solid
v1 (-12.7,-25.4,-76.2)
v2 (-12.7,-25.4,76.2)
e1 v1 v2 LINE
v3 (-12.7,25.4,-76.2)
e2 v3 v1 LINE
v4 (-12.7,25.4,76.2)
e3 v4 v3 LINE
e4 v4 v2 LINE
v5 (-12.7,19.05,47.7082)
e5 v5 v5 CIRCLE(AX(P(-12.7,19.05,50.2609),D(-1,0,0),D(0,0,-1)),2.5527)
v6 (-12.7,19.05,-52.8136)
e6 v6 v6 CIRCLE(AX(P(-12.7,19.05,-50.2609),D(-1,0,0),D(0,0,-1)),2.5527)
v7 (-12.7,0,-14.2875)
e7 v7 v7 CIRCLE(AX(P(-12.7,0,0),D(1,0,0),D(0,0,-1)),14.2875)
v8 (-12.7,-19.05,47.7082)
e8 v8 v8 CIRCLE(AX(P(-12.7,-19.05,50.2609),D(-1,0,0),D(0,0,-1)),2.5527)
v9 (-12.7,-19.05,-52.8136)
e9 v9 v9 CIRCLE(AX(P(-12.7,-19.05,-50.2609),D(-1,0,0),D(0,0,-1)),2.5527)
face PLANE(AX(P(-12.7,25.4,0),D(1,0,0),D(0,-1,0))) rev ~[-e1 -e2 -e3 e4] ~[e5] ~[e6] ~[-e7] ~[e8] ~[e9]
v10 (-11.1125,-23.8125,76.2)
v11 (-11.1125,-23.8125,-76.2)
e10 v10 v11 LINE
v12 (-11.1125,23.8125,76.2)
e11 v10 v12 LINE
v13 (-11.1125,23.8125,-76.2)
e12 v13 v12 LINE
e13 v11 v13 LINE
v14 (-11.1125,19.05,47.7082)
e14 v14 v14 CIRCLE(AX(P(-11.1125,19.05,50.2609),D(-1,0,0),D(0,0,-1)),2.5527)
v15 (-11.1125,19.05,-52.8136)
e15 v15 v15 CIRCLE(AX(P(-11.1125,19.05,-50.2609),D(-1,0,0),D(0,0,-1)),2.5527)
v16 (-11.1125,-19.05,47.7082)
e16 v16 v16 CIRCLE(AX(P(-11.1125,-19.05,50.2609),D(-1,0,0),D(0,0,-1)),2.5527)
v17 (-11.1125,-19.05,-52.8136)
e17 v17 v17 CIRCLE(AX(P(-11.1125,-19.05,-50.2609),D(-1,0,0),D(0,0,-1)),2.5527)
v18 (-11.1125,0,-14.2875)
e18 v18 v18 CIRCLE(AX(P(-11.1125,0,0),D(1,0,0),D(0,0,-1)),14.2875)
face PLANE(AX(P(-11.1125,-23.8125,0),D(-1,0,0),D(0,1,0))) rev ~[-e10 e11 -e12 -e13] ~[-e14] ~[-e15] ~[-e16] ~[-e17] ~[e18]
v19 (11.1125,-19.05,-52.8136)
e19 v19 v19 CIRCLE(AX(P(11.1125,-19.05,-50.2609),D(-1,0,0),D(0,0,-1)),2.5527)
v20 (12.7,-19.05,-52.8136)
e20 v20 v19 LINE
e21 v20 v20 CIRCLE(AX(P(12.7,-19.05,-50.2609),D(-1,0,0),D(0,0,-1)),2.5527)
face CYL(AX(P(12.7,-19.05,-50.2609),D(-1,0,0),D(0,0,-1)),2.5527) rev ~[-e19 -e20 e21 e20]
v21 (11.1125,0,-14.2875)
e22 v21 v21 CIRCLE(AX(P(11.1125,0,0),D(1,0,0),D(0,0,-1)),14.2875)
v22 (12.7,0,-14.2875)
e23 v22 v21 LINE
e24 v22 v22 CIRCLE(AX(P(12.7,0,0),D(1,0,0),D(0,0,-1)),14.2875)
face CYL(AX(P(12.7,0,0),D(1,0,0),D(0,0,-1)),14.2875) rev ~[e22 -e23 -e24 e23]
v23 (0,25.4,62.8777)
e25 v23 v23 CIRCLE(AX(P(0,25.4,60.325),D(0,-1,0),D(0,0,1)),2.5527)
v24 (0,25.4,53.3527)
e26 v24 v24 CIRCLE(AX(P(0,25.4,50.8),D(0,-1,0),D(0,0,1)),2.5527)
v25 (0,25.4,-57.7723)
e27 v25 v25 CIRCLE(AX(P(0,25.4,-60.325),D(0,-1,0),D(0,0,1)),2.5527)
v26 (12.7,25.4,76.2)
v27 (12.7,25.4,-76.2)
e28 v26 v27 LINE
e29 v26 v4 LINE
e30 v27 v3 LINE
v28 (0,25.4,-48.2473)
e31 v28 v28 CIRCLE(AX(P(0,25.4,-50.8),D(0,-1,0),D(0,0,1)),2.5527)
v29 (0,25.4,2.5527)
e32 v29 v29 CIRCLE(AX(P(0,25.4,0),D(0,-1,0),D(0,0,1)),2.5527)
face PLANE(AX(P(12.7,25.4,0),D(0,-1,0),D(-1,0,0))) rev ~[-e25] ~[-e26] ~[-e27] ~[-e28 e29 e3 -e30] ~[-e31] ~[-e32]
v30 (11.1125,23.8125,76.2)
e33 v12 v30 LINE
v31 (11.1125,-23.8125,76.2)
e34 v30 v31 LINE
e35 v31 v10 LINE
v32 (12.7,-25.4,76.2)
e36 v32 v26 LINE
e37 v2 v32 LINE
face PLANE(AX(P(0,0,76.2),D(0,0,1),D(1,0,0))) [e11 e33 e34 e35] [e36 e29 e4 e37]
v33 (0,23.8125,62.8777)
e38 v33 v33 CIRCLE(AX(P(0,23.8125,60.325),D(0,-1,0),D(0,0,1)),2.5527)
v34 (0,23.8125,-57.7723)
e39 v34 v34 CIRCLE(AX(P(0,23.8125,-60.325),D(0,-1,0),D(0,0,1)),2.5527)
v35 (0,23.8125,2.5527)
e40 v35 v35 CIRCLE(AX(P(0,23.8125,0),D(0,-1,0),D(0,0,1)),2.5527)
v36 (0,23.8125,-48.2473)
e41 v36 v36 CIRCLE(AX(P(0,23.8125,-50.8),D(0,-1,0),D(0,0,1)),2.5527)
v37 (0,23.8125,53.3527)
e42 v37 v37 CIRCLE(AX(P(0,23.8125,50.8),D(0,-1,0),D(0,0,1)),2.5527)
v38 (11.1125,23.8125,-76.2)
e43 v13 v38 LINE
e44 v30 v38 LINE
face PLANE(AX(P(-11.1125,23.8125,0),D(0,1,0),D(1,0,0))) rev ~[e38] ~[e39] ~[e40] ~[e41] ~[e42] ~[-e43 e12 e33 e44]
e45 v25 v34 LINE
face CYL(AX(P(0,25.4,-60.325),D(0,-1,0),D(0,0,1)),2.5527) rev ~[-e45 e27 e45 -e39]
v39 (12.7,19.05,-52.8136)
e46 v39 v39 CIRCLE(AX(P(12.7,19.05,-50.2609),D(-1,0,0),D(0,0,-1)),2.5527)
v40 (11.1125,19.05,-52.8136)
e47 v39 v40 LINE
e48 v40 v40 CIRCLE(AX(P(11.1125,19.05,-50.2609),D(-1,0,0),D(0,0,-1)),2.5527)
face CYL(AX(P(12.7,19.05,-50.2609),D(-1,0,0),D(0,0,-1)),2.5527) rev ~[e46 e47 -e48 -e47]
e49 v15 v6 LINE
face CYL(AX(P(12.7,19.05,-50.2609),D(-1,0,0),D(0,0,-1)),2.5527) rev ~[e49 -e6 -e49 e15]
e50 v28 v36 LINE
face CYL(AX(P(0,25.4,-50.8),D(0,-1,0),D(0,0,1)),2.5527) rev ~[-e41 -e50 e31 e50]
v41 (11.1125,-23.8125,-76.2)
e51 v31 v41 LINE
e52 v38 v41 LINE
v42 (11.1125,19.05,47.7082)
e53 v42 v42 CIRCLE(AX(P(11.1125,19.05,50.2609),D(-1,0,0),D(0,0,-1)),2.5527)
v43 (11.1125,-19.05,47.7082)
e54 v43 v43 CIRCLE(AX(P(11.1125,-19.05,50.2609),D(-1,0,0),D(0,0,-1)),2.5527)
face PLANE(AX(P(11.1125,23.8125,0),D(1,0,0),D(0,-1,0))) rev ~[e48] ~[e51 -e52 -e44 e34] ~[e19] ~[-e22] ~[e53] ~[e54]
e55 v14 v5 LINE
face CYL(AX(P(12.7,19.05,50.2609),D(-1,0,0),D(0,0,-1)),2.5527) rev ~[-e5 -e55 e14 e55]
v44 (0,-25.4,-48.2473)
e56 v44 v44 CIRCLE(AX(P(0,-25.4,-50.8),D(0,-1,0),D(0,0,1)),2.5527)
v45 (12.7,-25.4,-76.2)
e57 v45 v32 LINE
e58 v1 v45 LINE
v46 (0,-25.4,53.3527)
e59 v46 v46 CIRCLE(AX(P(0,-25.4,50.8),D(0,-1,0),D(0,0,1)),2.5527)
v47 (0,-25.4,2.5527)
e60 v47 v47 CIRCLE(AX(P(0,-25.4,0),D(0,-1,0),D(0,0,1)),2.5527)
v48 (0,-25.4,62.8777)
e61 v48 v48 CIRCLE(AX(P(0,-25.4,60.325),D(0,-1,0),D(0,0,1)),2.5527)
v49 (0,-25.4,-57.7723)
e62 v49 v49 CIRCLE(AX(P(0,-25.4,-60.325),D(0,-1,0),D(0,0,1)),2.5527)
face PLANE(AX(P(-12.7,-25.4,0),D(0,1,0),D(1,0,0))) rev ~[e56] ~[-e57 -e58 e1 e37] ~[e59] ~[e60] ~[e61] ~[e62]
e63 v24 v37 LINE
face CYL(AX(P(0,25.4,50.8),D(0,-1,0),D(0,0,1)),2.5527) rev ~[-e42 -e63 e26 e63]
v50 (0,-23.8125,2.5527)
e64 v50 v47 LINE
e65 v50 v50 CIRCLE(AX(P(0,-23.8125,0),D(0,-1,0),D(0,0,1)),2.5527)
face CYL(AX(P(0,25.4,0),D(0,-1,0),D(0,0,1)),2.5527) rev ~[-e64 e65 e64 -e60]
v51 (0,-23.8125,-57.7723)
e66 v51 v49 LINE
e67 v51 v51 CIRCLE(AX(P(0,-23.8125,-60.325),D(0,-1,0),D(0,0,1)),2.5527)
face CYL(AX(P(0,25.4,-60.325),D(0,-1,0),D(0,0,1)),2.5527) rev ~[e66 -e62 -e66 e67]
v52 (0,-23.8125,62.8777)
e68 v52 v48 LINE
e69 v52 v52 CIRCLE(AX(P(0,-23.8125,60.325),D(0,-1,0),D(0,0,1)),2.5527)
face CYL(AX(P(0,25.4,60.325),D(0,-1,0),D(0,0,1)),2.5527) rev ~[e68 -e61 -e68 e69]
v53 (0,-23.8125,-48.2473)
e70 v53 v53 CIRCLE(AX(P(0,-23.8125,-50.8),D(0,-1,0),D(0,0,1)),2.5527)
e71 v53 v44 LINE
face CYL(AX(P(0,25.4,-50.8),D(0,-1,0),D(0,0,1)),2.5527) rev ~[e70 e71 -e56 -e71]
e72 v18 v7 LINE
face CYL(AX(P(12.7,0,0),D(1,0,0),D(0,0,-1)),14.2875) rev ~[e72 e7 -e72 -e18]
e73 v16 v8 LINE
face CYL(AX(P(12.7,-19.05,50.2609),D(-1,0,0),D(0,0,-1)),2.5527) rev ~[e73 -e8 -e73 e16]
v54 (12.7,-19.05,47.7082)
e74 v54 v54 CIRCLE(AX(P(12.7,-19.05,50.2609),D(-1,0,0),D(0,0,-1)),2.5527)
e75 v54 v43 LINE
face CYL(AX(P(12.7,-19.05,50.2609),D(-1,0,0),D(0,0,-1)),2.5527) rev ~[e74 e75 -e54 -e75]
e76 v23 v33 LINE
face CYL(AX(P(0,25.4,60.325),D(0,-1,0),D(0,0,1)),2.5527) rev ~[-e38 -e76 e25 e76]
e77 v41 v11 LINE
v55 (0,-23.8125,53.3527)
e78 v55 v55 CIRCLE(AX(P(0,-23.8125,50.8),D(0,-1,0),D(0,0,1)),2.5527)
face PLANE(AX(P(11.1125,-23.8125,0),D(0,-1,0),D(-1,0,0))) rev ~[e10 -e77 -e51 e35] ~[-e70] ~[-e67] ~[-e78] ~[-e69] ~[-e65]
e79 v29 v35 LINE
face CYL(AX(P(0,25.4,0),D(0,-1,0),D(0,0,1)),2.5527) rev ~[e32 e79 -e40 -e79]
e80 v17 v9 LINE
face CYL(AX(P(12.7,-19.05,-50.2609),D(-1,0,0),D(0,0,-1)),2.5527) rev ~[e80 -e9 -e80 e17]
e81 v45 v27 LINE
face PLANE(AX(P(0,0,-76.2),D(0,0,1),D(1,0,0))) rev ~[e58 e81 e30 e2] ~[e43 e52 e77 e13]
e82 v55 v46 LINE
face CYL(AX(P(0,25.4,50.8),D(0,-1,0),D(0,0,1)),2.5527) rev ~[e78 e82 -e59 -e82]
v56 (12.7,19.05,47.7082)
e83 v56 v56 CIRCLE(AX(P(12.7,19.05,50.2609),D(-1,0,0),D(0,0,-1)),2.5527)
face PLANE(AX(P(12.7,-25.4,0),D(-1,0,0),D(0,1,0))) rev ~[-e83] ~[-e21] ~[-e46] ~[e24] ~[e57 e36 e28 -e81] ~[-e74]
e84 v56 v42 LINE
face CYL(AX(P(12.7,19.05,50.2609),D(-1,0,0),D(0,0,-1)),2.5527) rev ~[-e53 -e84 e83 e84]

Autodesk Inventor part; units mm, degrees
ref_plane "YZ Plane" through (0, 0, 0) normal (1, 0, 0) x (0, 1, 0)
ref_plane "XZ Plane" through (0, 0, 0) normal (0, 1, 0) x (-1, 0, 0)
ref_plane "XY Plane" through (0, 0, 0) normal (0, 0, 1) x (1, 0, 0)
sketch "Sketch1" plane through (0, 0, 0) normal (0, 0, 1) x (1, 0, 0)
  line L0 (-12.7, -25.4) -> (12.7, -25.4)
  line L1 (12.7, -25.4) -> (12.7, 25.4)
  line L2 (12.7, 25.4) -> (-12.7, 25.4)
  line L3 (-12.7, 25.4) -> (-12.7, -25.4)
  line L4 (-12.7, -25.4) -> (12.7, 25.4) construction
  line L5 (12.7, -25.4) -> (-12.7, 25.4) construction
  line L6 (-11.1125, 23.8125) -> (11.1125, 23.8125)
  line L7 (11.1125, 23.8125) -> (11.1125, -23.8125)
  line L8 (11.1125, -23.8125) -> (-11.1125, -23.8125)
  line L9 (-11.1125, -23.8125) -> (-11.1125, 23.8125)
  point P0 (0, 0)
  dimension "width" = 25.4
  dimension "height" = 50.8
  dimension "thickness" = 1.5875
extrude "Extrusion1" add sketch "Sketch1" along normal mid plane 152.4
sketch "Sketch2" plane through (-12.7, 25.4, 76.2) normal (0, 1, 0) x (1, 0, 0)
  line L0 (0, 152.4) -> (0, 0) construction
  line L1 (25.4, 0) -> (0, 0) construction
  line L2 (25.4, 152.4) -> (25.4, 0) construction
  line L3 (0, 152.4) -> (25.4, 152.4) construction
  line L4 (12.7, 127) -> (12.7, 25.4) construction
  point P0 (12.7, 76.2)
  point P1 (12.7, 76.2)
  point P2 (12.7, 76.2)
  dimension "d5" = 101.6
hole "Hole1" at (0, 25.4, -50.8) at (0, 25.4, 50.8) at (0, 25.4, 0) direction (0, -1, 0) diameter 5.1054 end through all clearance for "Flat Head Machine Screw (82)" size "#10" standard "Ansi Unified Screw Threads"
sketch "Sketch4" plane through (12.7, -25.4, 76.2) normal (1, 0, 0) x (0, 0, -1)
  circle A0 centre (76.2, 25.4) radius 53.75 construction
  line L0 (25.9391, 6.35) -> (126.4609, 6.35) construction
  line L1 (126.4609, 6.35) -> (126.4609, 44.45) construction
  line L2 (126.4609, 44.45) -> (25.9391, 44.45) construction
  line L3 (25.9391, 44.45) -> (25.9391, 6.35) construction
  line L4 (25.9391, 6.35) -> (126.4609, 44.45) construction
  line L5 (126.4609, 6.35) -> (25.9391, 44.45) construction
  line L6 (0, 0) -> (0, 50.8) construction
  dimension "d25" = 107.5
  dimension "d28" = 38.1
hole "Hole3" at (12.7, 19.05, 50.2609) at (12.7, 19.05, -50.2609) at (12.7, -19.05, -50.2609) at (12.7, -19.05, 50.2609) direction (-1, 0, 0) diameter 5.1054 end through all clearance for "Flat Head Machine Screw (82)" size "#10" standard "Ansi Unified Screw Threads"
sketch "Sketch5" plane through (-12.7, 25.4, 76.2) normal (0, 1, 0) x (1, 0, 0)
  line L0 (25.4, 0) -> (0, 0) projected
  line L1 (12.7, 136.525) -> (12.7, 15.875) construction
  line L2 (0, 152.4) -> (0, 0) construction
  point P0 (12.7, 76.2)
  point P1 (12.7, 0)
  point P2 (12.7, 76.2)
  point P3 (0, 76.2)
  dimension "d36" = 120.65
hole "Hole4" at (0, 25.4, -60.325) at (0, 25.4, 60.325) direction (0, -1, 0) diameter 5.1054 end through all clearance for "Flat Head Machine Screw (82)" size "#10" standard "Ansi Unified Screw Threads"
sketch "Sketch6" plane through (12.7, -25.4, 76.2) normal (1, 0, 0) x (0, 0, -1)
  circle A0 centre (126.4609, 6.35) radius 2.5527 construction
  circle A1 centre (25.9391, 44.45) radius 2.5527 construction
  circle A2 centre (126.4609, 44.45) radius 2.5527 construction
  circle A3 centre (25.9391, 6.35) radius 2.5527 construction
  line L0 (152.4, 50.8) -> (0, 50.8) construction
  line L1 (0, 0) -> (0, 50.8) construction
  line L2 (152.4, 0) -> (0, 0) construction
  line L3 (152.4, 50.8) -> (152.4, 0) construction
  circle A4 centre (126.4609, 6.35) radius 2.5527 construction
  line L4 (25.9391, 44.45) -> (126.4609, 44.45) construction
  line L5 (126.4609, 44.45) -> (126.4609, 6.35) construction
  line L6 (126.4609, 6.35) -> (25.9391, 6.35) construction
  line L7 (25.9391, 6.35) -> (25.9391, 44.45) construction
  circle A5 centre (76.2, 25.4) radius 14.2875
  dimension "d44" = 28.575
extrude "Extrusion2" cut sketch "Sketch6" against normal through all
sketch "Sketch3" plane through (12.7, -25.4, 76.2) normal (1, 0, 0) x (0, 0, -1)
  line L0 (25.9391, 44.45) -> (126.4609, 44.45) construction
  line L1 (126.4609, 44.45) -> (126.4609, 6.35) construction
  line L2 (126.4609, 6.35) -> (25.9391, 6.35) construction
  line L3 (25.9391, 6.35) -> (25.9391, 44.45) construction
  line L4 (25.9391, 44.45) -> (126.4609, 6.35) construction
  line L5 (126.4609, 44.45) -> (25.9391, 6.35) construction
  circle A0 centre (76.2, 25.4) radius 60 construction
  circle A1 centre (76.2, 25.4) radius 47.5 construction
  circle A2 centre (76.2, 25.4) radius 53.75 construction
  dimension "d16" = 107.5
  dimension "d14" = 120
  dimension "d15" = 95
  dimension "d17" = 38.1
properties part number "GP10-005" material "Aluminum 6061"
